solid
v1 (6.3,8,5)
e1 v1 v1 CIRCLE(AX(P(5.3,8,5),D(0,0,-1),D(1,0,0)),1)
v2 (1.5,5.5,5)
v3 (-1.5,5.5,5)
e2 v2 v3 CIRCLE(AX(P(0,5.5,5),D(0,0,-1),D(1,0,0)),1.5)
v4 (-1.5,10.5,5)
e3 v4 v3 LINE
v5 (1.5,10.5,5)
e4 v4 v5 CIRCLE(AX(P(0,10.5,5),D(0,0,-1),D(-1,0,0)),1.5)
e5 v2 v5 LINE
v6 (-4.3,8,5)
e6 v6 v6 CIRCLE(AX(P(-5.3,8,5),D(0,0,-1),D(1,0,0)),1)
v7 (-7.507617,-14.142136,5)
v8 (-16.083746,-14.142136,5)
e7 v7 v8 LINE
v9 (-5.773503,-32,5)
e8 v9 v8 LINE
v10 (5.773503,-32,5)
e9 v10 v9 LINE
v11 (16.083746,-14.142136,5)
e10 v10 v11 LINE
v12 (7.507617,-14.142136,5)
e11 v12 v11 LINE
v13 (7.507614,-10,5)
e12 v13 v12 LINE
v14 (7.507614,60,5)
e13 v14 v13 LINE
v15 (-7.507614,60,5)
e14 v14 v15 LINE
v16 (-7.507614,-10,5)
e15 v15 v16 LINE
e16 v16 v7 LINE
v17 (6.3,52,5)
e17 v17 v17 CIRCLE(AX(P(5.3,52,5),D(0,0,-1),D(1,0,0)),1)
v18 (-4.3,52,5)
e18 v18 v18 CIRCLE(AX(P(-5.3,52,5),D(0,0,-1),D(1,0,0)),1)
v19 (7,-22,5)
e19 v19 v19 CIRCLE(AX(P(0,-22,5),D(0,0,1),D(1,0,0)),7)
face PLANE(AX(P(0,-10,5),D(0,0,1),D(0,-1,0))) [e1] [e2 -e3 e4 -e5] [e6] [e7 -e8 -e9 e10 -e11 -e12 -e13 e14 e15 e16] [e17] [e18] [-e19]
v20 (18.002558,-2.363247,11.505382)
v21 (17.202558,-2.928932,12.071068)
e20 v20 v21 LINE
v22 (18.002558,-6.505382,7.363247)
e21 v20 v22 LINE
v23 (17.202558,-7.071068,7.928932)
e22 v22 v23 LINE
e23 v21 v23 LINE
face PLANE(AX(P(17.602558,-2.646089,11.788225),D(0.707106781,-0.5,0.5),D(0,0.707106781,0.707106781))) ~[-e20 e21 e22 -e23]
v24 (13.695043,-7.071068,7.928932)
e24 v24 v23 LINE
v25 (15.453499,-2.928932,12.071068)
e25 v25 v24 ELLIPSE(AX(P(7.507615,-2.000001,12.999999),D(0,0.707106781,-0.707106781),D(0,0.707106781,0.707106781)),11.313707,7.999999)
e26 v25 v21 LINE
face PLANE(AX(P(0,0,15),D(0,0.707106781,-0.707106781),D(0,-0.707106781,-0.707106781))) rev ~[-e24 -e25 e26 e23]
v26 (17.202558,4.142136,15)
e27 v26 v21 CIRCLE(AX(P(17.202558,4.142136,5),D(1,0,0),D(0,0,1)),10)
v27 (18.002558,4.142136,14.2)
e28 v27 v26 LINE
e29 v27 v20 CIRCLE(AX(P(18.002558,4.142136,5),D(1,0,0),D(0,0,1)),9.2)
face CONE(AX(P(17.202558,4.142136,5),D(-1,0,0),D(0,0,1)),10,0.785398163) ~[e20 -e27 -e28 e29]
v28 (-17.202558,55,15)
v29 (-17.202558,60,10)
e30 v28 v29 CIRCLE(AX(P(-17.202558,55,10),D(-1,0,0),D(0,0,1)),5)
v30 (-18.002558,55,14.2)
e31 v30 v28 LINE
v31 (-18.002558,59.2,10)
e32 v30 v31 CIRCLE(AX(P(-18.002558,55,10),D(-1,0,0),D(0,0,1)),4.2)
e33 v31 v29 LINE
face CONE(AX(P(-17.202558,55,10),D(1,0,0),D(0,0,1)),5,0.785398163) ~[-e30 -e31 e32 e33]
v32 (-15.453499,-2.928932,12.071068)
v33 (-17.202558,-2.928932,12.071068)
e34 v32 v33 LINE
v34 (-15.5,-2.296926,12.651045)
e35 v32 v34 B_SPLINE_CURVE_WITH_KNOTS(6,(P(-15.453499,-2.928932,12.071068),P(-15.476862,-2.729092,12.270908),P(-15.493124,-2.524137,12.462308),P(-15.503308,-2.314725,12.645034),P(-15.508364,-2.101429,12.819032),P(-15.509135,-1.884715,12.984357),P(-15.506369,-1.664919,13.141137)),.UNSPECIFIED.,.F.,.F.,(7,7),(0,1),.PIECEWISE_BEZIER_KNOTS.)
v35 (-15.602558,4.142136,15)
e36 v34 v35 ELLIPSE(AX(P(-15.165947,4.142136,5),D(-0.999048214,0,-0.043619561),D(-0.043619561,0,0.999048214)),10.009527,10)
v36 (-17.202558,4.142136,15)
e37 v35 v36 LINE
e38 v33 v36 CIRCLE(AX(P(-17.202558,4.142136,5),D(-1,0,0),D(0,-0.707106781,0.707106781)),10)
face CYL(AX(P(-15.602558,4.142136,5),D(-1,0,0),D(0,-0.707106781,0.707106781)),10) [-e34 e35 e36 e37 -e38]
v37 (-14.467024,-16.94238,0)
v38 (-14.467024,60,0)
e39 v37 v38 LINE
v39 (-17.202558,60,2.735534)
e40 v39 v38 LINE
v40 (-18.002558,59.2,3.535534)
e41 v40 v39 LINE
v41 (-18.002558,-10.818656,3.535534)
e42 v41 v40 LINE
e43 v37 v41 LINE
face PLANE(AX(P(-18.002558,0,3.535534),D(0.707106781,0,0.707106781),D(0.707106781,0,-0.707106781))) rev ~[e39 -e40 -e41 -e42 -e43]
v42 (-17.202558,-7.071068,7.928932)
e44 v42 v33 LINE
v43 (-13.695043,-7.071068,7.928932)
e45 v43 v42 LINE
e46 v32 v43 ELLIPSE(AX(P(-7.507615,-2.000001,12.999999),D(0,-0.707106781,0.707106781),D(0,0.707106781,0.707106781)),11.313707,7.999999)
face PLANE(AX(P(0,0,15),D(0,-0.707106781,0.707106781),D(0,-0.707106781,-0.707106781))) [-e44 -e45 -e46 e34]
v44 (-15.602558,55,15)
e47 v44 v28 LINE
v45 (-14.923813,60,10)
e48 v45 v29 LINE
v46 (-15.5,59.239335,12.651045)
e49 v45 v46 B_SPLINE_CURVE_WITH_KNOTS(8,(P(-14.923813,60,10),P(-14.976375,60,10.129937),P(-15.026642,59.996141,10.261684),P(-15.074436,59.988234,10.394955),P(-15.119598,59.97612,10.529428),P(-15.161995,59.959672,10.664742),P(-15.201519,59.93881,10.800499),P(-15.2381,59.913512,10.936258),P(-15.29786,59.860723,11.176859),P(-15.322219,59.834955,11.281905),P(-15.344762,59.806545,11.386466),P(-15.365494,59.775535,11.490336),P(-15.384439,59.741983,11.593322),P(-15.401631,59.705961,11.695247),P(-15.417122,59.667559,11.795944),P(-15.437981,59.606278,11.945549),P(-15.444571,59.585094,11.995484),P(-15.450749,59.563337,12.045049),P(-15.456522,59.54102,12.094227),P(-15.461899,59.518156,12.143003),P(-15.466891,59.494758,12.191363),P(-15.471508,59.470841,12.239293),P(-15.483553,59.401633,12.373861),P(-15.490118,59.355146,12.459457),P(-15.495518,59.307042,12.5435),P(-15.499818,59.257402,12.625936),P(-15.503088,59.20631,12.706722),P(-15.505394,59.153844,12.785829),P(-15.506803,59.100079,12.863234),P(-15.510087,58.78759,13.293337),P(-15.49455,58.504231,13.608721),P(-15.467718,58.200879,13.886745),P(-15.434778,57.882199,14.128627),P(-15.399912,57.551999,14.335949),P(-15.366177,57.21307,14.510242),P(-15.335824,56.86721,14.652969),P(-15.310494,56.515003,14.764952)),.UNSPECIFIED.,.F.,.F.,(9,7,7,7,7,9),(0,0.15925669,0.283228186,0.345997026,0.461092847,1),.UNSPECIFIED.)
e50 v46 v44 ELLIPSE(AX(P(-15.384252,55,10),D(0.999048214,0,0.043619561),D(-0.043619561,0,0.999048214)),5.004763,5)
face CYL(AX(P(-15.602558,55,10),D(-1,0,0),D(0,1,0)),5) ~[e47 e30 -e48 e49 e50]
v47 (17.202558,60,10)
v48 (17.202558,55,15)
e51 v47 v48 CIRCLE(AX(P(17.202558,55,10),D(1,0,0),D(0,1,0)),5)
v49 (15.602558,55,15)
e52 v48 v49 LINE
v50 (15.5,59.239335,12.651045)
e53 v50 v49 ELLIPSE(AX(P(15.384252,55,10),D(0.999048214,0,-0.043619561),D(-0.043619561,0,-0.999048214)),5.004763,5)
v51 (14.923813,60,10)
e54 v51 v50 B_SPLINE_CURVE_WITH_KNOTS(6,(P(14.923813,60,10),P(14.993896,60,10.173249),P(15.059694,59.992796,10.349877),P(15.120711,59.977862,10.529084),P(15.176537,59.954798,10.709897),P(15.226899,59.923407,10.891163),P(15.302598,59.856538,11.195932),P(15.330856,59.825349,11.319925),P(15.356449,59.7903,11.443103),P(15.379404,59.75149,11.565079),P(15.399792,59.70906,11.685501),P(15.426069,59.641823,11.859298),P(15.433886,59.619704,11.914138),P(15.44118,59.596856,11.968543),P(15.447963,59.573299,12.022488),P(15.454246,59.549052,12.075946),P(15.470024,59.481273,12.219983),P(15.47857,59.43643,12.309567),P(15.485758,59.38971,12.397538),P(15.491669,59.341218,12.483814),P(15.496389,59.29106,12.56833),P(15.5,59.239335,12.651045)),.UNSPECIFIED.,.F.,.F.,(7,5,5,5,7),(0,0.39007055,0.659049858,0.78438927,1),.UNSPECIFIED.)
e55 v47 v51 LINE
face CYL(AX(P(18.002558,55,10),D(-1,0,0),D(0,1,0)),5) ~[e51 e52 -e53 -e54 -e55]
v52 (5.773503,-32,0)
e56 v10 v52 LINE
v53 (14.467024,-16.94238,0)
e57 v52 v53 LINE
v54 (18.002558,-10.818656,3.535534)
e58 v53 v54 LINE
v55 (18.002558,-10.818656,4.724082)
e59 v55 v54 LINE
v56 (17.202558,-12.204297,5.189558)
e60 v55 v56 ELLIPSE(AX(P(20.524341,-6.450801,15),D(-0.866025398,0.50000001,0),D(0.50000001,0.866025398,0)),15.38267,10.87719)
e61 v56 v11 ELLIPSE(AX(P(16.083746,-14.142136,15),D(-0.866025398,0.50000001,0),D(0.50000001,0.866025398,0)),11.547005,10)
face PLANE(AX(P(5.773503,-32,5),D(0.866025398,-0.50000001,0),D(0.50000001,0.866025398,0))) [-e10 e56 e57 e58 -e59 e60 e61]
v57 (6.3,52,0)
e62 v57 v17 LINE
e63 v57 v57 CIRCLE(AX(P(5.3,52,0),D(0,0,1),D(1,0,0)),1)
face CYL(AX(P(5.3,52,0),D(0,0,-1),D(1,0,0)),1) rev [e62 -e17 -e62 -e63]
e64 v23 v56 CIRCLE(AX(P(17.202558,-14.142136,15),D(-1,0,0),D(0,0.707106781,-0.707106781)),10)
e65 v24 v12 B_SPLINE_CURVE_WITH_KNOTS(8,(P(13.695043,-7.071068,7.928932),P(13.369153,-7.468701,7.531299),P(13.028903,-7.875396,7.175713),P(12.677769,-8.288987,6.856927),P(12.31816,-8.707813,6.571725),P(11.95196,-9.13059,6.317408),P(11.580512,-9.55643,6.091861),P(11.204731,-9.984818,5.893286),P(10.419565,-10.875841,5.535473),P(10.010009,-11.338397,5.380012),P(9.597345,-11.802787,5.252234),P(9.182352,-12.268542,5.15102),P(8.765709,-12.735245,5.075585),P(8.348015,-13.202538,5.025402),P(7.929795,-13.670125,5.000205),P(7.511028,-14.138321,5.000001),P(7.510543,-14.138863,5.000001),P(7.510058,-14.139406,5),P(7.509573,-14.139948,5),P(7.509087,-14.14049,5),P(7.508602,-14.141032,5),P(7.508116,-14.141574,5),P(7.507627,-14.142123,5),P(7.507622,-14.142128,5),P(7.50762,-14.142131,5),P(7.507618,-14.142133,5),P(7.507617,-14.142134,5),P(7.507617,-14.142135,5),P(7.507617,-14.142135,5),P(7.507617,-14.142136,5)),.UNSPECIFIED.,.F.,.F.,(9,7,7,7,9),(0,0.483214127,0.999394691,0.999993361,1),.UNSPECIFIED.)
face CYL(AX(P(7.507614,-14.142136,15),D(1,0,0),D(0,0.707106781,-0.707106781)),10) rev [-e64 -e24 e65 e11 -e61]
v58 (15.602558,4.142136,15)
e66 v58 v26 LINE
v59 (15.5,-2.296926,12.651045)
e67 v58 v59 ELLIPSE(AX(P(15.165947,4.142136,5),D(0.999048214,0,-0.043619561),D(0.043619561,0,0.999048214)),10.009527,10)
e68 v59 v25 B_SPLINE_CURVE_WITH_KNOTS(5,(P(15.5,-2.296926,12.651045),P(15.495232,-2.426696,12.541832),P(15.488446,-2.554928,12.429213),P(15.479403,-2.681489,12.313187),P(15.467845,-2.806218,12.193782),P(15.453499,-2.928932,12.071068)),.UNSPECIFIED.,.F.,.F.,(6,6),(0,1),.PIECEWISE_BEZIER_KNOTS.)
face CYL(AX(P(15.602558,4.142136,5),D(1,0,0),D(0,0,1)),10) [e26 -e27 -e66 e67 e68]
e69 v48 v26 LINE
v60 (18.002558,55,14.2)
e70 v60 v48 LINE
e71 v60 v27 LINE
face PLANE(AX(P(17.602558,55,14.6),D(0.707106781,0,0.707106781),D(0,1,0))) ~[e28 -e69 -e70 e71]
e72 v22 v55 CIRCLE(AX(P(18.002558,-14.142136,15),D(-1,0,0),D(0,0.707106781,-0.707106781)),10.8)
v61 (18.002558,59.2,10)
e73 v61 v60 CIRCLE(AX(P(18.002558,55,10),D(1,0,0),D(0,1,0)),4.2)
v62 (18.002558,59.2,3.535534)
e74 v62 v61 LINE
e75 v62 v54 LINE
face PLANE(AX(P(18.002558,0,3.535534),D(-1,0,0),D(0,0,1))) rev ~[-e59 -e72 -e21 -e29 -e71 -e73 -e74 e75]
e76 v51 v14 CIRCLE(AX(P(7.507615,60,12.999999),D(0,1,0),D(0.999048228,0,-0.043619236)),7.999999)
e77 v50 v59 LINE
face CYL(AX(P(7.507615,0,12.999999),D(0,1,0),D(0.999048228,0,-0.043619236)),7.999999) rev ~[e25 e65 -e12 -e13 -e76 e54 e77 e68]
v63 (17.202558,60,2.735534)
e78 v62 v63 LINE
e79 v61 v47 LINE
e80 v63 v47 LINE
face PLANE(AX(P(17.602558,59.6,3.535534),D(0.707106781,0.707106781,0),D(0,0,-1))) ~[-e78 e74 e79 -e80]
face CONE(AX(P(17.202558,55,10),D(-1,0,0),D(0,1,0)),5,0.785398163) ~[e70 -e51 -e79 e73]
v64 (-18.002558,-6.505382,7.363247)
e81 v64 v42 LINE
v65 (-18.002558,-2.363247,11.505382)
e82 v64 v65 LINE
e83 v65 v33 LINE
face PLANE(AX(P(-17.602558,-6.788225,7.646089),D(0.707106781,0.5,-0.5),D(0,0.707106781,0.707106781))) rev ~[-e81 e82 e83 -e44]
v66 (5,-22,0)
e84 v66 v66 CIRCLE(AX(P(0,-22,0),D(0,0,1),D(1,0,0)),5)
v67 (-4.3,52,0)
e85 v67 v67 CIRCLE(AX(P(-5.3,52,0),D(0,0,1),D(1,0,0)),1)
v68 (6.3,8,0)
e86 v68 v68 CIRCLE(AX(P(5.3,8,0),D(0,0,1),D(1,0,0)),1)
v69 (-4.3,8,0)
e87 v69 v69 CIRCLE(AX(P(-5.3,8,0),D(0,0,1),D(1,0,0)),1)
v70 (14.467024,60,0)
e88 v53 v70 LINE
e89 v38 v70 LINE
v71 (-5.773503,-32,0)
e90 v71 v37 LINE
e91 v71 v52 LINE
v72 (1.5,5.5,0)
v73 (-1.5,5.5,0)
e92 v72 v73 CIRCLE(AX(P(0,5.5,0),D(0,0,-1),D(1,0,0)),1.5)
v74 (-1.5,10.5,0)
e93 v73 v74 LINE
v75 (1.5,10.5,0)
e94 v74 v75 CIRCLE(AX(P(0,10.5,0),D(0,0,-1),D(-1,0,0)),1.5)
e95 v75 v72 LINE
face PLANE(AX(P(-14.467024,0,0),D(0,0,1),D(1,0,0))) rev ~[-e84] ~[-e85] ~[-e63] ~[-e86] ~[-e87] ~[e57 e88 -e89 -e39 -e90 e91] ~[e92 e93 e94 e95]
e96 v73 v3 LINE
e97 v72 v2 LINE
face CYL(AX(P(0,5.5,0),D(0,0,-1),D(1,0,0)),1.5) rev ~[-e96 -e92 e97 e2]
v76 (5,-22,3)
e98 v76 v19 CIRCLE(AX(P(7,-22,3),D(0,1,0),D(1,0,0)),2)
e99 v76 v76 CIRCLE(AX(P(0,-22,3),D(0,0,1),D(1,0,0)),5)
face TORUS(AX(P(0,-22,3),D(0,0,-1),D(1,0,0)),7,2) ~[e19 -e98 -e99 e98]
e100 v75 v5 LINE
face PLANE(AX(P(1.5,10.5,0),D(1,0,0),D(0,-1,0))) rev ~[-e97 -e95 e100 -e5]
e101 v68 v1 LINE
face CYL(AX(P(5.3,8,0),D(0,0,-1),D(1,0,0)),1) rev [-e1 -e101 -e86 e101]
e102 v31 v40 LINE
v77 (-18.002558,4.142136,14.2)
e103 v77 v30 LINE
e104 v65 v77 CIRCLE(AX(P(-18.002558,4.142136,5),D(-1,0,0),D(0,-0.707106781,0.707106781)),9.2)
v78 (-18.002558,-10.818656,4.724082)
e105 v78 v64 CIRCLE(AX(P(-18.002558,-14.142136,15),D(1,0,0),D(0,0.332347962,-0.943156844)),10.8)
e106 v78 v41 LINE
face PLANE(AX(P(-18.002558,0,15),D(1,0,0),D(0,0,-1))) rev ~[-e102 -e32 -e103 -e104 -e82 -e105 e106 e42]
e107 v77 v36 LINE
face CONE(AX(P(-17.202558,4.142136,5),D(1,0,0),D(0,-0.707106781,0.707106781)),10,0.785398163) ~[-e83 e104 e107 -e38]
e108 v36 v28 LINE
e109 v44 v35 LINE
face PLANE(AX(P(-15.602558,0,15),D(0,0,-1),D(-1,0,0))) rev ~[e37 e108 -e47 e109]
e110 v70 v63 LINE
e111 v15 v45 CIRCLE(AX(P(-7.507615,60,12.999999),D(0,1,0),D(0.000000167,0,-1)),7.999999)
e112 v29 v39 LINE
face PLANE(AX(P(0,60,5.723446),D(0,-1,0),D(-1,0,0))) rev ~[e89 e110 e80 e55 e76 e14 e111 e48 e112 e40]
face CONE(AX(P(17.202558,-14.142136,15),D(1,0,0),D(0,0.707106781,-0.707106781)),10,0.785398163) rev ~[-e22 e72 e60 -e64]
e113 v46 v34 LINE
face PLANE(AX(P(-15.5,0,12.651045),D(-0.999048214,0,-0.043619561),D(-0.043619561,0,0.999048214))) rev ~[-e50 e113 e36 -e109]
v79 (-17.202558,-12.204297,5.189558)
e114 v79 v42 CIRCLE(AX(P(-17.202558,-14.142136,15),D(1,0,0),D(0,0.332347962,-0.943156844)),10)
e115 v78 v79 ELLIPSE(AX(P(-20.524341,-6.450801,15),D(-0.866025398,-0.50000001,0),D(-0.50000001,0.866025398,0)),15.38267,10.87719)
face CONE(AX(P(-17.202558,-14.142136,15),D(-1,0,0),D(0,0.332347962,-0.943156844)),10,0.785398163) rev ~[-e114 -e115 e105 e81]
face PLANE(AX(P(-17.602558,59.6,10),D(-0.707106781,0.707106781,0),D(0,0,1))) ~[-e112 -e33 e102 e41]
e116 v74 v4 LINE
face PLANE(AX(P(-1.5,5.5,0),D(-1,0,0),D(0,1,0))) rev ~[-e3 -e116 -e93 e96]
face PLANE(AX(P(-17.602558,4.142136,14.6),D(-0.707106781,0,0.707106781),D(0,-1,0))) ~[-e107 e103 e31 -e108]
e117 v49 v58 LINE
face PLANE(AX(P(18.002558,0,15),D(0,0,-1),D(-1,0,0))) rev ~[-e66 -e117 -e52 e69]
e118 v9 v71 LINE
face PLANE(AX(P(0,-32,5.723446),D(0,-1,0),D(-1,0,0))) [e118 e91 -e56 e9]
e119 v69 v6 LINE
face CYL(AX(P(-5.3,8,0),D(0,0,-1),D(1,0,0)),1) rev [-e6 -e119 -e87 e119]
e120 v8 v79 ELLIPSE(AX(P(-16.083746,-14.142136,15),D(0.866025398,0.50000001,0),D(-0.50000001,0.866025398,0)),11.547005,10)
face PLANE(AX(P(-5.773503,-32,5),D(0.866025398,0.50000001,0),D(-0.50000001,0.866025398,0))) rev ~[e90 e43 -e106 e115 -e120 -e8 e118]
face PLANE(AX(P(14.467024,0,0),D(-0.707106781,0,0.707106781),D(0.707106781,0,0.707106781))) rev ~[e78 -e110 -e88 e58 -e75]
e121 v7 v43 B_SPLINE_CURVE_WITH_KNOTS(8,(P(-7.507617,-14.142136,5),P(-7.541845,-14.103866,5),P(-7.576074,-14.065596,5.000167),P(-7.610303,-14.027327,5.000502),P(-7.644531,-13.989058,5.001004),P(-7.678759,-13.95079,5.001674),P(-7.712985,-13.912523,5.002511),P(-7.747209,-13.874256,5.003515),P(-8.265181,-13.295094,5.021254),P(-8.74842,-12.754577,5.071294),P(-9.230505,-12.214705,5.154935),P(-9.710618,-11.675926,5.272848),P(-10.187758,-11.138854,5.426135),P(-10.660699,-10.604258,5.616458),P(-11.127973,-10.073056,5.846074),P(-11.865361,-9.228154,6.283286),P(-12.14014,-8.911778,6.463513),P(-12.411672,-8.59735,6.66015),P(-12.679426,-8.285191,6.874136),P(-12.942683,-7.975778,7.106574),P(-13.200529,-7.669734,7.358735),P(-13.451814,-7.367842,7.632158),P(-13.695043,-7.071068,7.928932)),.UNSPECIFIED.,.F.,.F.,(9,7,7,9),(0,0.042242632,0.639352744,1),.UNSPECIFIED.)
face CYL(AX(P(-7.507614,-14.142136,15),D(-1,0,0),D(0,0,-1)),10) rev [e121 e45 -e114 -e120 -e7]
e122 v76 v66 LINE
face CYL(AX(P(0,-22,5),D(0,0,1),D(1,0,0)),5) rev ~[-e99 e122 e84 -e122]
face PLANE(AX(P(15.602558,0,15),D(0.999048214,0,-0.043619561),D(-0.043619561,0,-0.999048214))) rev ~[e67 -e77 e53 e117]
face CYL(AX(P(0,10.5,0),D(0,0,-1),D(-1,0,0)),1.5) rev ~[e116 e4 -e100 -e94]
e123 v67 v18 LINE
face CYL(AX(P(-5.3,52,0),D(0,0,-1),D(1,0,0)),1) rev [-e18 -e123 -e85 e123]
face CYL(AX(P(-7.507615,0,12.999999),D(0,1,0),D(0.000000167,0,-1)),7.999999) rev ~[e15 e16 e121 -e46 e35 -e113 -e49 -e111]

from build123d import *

# Parameters (mm, degrees)
BOSS_EXTRUDE1_DEPTH     = 60
BOSS_EXTRUDE2_DEPTH     = 32
CUT_EXTRUDE1_DEPTH      = 19.002558
CUT_EXTRUDE1_DEPTH_BACK = 19.002558
SKETCH3_R               = 5
CUT_EXTRUDE2_DEPTH      = 6
FILLET1_R               = 2
SKETCH4_R               = 1
CUT_EXTRUDE6_DEPTH      = 16
CUT_EXTRUDE6_DEPTH_BACK = 1
CUT_EXTRUDE7_DEPTH      = 16
FILLET2_R               = 5
FILLET3_R               = 10
FILLET4_R               = 10
CHAMFER2_SIZE           = 0.8


with BuildPart() as part:
    # Sketch1 → Boss-Extrude1 (new body)
    with BuildSketch(Plane(origin=(0, 0, 0), x_dir=(1, 0, 0), z_dir=(0, 1, 0))):
        with BuildLine():
            Line((-6.630435, 0), (6.630435, 0))
            Line((6.630435, 0), (14.467024, 0))
            Line((14.467024, 0), (18.002558, -3.535534))
            Line((18.002558, -3.535534), (18.002558, -15))
            Line((18.002558, -15), (15.602558, -15))
            Line((15.602558, -15), (15.5, -12.651045))
            ThreePointArc((15.5, -12.651045), (13.039719, -7.221088), (7.507614, -5))
            Line((7.507614, -5), (-7.507614, -5))
            ThreePointArc((-7.507614, -5), (-13.039719, -7.221088), (-15.5, -12.651045))
            Line((-15.5, -12.651045), (-15.602558, -15))
            Line((-15.602558, -15), (-18.002558, -15))
            Line((-18.002558, -15), (-18.002558, -3.535534))
            Line((-18.002558, -3.535534), (-14.467024, 0))
            Line((-14.467024, 0), (-6.630435, 0))
        make_face()
    extrude(amount=BOSS_EXTRUDE1_DEPTH)

    # Sketch1<2> → Boss-Extrude2 (add)
    with BuildSketch(Plane(origin=(0, 0, 0), x_dir=(1, 0, 0), z_dir=(0, 1, 0))):
        with BuildLine():
            Line((-6.630435, 0), (6.630435, 0))
            Line((6.630435, 0), (14.467024, 0))
            Line((14.467024, 0), (18.002558, -3.535534))
            Line((18.002558, -3.535534), (18.002558, -15))
            Line((18.002558, -15), (15.602558, -15))
            Line((15.602558, -15), (15.5, -12.651045))
            ThreePointArc((15.5, -12.651045), (13.039719, -7.221088), (7.507614, -5))
            Line((7.507614, -5), (-7.507614, -5))
            ThreePointArc((-7.507614, -5), (-13.039719, -7.221088), (-15.5, -12.651045))
            Line((-15.5, -12.651045), (-15.602558, -15))
            Line((-15.602558, -15), (-18.002558, -15))
            Line((-18.002558, -15), (-18.002558, -3.535534))
            Line((-18.002558, -3.535534), (-14.467024, 0))
            Line((-14.467024, 0), (-6.630435, 0))
        make_face()
    extrude(amount=-BOSS_EXTRUDE2_DEPTH)

    # Sketch2 → Cut-Extrude1 (cut, two sides)
    with BuildSketch(Plane(origin=(0, 0, 0), x_dir=(0, 0, -1), z_dir=(1, 0, 0))) as cut_extrude1_sk:
        Polygon((-15, 0), (-5, -10), (-5, -32), (-15, -32), align=None)
    extrude(amount=CUT_EXTRUDE1_DEPTH, mode=Mode.SUBTRACT)
    extrude(cut_extrude1_sk.sketch, amount=-CUT_EXTRUDE1_DEPTH_BACK, mode=Mode.SUBTRACT)

    # Sketch3 → Cut-Extrude2 (cut, through all)
    with BuildSketch(Plane.XY.offset(5)):
        with Locations((0, -22)):
            Circle(SKETCH3_R)
        Polygon((18.002558, -10.818656), (18.002558, -32), (5.773503, -32), align=None)
        Polygon((-18.002558, -32), (-5.773503, -32), (-18.002558, -10.818656), align=None)
    extrude(amount=-CUT_EXTRUDE2_DEPTH, mode=Mode.SUBTRACT)

    # Fillet1
    fillet1_edges = [part.edges().sort_by_distance(p)[0] for p in [
        (-5, -22, 5),
    ]]
    fillet(fillet1_edges, radius=FILLET1_R)

    # Sketch4 → Cut-Extrude6 (cut, two sides)
    with BuildSketch(Plane.XY) as cut_extrude6_sk:
        with Locations((5.3, 52)):
            Circle(SKETCH4_R)
        with Locations((-5.3, 52)):
            Circle(SKETCH4_R)
        with Locations((-5.3, 8)):
            Circle(SKETCH4_R)
        with Locations((5.3, 8)):
            Circle(SKETCH4_R)
    extrude(amount=CUT_EXTRUDE6_DEPTH, mode=Mode.SUBTRACT)
    extrude(cut_extrude6_sk.sketch, amount=-CUT_EXTRUDE6_DEPTH_BACK, mode=Mode.SUBTRACT)

    # Sketch5 → Cut-Extrude7 (cut, through all)
    with BuildSketch(Plane.XY):
        with BuildLine():
            Line((-1.5, 5.5), (-1.5, 10.5))
            ThreePointArc((-1.5, 10.5), (0, 12), (1.5, 10.5))
            Line((1.5, 10.5), (1.5, 5.5))
            ThreePointArc((1.5, 5.5), (0, 4), (-1.5, 5.5))
        make_face()
    extrude(amount=CUT_EXTRUDE7_DEPTH, mode=Mode.SUBTRACT)

    # Fillet2
    fillet2_edges = [part.edges().sort_by_distance(p)[0] for p in [
        (16.802558, 60, 15),
        (-16.802558, 60, 15),
    ]]
    fillet(fillet2_edges, radius=FILLET2_R)

    # Fillet3
    fillet3_edges = [part.edges().sort_by_distance(p)[0] for p in [
        (-16.802558, 0, 15),
        (16.802558, 0, 15),
    ]]
    fillet(fillet3_edges, radius=FILLET3_R)

    # Fillet4
    fillet4_edges = [part.edges().sort_by_distance(p)[0] for p in [
        (-12.755086, -10, 5),
        (12.755086, -10, 5),
    ]]
    fillet(fillet4_edges, radius=FILLET4_R)

    # Chamfer2
    chamfer2_edges = [part.edges().sort_by_distance(p)[0] for p in [
        (18.002558, -8.812535, 6.538596),
        (18.002558, 60, 6.767767),
        (18.002558, -5, 10),
        (18.002558, 58.535534, 13.535534),
        (18.002558, 0.315301, 14.238795),
        (18.002558, 29.571068, 15),
        (-18.002558, -8.812535, 6.538596),
        (-18.002558, 60, 6.767767),
        (-18.002558, -5, 10),
        (-18.002558, 58.535534, 13.535534),
        (-18.002558, 0.315301, 14.238795),
        (-18.002558, 29.571068, 15),
    ]]
    chamfer(chamfer2_edges, length=CHAMFER2_SIZE)


solid = part.part
